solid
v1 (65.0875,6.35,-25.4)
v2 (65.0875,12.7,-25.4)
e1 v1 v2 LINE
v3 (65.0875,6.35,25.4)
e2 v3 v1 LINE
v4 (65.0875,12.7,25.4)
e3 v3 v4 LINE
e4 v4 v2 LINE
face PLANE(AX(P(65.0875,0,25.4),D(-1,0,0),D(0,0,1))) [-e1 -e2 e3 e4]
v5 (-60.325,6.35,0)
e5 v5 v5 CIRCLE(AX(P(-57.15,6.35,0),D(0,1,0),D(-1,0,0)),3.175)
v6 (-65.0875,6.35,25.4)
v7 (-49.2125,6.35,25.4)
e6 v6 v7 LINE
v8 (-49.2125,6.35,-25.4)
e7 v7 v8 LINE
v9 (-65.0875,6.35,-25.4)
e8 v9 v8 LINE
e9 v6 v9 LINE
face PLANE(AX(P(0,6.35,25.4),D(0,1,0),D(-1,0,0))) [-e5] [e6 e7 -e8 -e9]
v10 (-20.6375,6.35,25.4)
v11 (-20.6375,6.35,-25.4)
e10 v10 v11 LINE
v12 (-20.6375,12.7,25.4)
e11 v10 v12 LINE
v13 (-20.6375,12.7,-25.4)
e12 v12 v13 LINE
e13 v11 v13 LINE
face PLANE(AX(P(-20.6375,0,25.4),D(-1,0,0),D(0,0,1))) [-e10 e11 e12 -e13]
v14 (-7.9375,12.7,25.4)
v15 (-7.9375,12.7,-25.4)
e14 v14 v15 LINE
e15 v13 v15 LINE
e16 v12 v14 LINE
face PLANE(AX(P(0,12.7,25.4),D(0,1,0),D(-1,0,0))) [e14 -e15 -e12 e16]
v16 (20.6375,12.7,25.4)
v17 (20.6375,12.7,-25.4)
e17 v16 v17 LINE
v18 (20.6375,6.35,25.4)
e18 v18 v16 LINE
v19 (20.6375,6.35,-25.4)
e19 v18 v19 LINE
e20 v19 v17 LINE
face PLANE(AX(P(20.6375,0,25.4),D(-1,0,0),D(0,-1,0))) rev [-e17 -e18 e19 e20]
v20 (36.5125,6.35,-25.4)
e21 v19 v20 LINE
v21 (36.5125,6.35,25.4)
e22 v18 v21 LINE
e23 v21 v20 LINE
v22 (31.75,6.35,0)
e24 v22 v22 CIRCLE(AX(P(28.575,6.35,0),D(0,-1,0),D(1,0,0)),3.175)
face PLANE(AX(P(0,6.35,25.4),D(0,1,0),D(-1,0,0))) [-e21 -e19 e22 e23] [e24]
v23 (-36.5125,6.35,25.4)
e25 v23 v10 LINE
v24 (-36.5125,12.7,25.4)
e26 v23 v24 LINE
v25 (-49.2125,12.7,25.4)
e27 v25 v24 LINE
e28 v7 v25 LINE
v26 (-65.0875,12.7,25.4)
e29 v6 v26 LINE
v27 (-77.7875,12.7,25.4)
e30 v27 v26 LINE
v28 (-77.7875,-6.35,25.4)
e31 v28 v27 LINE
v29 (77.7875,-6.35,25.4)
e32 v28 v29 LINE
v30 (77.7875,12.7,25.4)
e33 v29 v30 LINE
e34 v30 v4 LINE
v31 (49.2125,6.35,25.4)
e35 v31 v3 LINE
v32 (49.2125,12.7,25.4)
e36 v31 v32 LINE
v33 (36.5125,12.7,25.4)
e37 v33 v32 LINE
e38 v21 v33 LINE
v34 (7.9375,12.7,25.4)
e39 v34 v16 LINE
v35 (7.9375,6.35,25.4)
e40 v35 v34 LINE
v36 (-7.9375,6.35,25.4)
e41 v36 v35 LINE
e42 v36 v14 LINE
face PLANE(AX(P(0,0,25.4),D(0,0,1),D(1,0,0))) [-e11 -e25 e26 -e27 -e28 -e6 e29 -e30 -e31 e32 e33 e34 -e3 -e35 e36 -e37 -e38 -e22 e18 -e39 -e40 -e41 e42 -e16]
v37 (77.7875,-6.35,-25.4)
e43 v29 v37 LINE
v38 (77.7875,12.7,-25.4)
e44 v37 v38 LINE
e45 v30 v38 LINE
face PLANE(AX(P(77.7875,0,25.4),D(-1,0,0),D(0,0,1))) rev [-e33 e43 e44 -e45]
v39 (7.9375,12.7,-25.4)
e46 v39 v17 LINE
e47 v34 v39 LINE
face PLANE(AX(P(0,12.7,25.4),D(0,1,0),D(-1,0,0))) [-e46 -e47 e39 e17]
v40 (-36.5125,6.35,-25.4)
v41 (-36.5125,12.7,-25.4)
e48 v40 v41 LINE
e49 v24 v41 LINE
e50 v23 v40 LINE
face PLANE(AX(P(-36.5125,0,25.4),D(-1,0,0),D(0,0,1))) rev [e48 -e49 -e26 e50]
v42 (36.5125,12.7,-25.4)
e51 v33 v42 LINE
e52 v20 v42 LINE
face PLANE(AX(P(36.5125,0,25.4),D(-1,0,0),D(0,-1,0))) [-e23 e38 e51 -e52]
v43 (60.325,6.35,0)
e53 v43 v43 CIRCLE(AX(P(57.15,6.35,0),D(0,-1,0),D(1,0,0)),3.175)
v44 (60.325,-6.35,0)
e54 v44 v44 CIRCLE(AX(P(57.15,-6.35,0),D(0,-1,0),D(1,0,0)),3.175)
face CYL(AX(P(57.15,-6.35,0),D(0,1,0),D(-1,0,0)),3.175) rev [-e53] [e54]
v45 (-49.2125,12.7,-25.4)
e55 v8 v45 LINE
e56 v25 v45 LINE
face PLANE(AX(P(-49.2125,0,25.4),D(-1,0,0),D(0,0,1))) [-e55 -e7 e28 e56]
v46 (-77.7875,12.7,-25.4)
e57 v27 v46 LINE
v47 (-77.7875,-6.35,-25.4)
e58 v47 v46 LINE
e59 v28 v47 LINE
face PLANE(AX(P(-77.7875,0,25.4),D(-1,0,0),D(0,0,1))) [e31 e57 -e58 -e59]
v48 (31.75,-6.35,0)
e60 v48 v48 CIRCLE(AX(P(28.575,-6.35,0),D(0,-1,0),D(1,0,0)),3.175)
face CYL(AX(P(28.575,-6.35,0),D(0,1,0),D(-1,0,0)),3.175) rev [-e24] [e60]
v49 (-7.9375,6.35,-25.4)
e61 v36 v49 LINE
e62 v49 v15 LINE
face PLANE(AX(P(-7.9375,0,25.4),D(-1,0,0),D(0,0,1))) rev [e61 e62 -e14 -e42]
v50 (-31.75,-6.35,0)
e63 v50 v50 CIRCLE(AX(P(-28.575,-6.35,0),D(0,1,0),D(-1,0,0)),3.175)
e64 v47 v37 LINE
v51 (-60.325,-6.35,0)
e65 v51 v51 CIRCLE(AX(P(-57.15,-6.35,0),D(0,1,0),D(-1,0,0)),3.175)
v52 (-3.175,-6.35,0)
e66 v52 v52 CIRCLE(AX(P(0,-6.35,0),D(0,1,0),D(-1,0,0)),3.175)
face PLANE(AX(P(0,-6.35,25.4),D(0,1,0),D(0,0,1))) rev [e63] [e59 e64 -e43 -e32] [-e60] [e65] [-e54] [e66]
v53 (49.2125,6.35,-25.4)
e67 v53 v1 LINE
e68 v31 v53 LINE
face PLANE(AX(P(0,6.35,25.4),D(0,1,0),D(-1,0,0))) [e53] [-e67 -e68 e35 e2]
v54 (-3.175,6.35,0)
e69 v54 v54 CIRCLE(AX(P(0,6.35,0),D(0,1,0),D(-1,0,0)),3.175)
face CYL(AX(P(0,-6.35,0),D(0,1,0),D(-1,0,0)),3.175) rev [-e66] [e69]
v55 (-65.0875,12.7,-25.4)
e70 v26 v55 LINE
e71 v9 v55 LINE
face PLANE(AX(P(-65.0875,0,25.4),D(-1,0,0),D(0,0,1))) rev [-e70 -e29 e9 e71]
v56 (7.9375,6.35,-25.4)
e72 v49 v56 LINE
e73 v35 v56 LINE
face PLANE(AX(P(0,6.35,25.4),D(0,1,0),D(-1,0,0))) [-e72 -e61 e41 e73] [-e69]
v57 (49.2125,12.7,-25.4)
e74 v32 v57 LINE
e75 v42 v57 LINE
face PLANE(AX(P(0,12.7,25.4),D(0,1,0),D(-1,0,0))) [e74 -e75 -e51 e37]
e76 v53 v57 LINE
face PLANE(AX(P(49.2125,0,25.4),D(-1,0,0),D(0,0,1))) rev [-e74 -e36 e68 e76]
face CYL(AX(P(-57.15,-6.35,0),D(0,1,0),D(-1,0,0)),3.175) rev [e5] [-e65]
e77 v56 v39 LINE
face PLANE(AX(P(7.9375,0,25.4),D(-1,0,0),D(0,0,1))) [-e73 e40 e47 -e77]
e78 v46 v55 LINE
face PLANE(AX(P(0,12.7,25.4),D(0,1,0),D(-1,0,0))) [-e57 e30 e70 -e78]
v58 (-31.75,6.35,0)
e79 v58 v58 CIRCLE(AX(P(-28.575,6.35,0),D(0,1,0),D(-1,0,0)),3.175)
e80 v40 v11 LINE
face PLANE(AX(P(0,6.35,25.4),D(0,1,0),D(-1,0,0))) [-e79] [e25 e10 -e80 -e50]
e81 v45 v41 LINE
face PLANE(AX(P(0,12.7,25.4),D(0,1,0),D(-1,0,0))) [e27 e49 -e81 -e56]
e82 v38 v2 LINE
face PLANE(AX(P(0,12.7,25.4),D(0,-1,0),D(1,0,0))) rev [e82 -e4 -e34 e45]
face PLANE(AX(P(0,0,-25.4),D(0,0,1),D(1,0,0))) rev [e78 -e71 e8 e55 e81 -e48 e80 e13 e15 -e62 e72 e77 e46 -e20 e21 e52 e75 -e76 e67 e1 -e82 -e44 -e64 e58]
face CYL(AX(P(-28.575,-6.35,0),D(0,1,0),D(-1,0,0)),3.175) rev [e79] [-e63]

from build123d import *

# Parameters (mm, degrees)
SKETCH1_W           = 155.575
SKETCH1_H           = 12.7
SKETCH1_W_2         = 12.7
SKETCH1_H_2         = 6.35
BOSS_EXTRUDE1_DEPTH = 25.4
SKETCH2_R           = 3.175
CUT_EXTRUDE1_DEPTH  = 13.7


with BuildPart() as part:
    # Sketch1 → Boss-Extrude1 (new body, symmetric)
    with BuildSketch(Plane.XY):
        Rectangle(SKETCH1_W, SKETCH1_H)
        with Locations((71.4375, 9.525)):
            Rectangle(SKETCH1_W_2, SKETCH1_H_2)
        with Locations((42.8625, 9.525)):
            Rectangle(SKETCH1_W_2, SKETCH1_H_2)
        with Locations((14.2875, 9.525)):
            Rectangle(SKETCH1_W_2, SKETCH1_H_2)
        with Locations((-14.2875, 9.525)):
            Rectangle(SKETCH1_W_2, SKETCH1_H_2)
        with Locations((-71.4375, 9.525)):
            Rectangle(SKETCH1_W_2, SKETCH1_H_2)
        with Locations((-42.8625, 9.525)):
            Rectangle(SKETCH1_W_2, SKETCH1_H_2)
    extrude(amount=BOSS_EXTRUDE1_DEPTH, both=True)

    # Sketch2 → Cut-Extrude1 (cut, through all)
    with BuildSketch(Plane(origin=(0, 6.35, 0), x_dir=(1, 0, 0), z_dir=(0, 1, 0))):
        Circle(SKETCH2_R)
        with Locations((-28.575, 0)):
            Circle(SKETCH2_R)
        with Locations((-57.15, 0)):
            Circle(SKETCH2_R)
    cut_extrude1 = extrude(amount=-CUT_EXTRUDE1_DEPTH, mode=Mode.SUBTRACT)

    # Mirror1: Cut-Extrude1 across plane
    add(cut_extrude1.mirror(Plane(origin=(0, 0, 0), x_dir=(0, 0, 1), z_dir=(1, 0, 0))), mode=Mode.SUBTRACT)


solid = part.part
